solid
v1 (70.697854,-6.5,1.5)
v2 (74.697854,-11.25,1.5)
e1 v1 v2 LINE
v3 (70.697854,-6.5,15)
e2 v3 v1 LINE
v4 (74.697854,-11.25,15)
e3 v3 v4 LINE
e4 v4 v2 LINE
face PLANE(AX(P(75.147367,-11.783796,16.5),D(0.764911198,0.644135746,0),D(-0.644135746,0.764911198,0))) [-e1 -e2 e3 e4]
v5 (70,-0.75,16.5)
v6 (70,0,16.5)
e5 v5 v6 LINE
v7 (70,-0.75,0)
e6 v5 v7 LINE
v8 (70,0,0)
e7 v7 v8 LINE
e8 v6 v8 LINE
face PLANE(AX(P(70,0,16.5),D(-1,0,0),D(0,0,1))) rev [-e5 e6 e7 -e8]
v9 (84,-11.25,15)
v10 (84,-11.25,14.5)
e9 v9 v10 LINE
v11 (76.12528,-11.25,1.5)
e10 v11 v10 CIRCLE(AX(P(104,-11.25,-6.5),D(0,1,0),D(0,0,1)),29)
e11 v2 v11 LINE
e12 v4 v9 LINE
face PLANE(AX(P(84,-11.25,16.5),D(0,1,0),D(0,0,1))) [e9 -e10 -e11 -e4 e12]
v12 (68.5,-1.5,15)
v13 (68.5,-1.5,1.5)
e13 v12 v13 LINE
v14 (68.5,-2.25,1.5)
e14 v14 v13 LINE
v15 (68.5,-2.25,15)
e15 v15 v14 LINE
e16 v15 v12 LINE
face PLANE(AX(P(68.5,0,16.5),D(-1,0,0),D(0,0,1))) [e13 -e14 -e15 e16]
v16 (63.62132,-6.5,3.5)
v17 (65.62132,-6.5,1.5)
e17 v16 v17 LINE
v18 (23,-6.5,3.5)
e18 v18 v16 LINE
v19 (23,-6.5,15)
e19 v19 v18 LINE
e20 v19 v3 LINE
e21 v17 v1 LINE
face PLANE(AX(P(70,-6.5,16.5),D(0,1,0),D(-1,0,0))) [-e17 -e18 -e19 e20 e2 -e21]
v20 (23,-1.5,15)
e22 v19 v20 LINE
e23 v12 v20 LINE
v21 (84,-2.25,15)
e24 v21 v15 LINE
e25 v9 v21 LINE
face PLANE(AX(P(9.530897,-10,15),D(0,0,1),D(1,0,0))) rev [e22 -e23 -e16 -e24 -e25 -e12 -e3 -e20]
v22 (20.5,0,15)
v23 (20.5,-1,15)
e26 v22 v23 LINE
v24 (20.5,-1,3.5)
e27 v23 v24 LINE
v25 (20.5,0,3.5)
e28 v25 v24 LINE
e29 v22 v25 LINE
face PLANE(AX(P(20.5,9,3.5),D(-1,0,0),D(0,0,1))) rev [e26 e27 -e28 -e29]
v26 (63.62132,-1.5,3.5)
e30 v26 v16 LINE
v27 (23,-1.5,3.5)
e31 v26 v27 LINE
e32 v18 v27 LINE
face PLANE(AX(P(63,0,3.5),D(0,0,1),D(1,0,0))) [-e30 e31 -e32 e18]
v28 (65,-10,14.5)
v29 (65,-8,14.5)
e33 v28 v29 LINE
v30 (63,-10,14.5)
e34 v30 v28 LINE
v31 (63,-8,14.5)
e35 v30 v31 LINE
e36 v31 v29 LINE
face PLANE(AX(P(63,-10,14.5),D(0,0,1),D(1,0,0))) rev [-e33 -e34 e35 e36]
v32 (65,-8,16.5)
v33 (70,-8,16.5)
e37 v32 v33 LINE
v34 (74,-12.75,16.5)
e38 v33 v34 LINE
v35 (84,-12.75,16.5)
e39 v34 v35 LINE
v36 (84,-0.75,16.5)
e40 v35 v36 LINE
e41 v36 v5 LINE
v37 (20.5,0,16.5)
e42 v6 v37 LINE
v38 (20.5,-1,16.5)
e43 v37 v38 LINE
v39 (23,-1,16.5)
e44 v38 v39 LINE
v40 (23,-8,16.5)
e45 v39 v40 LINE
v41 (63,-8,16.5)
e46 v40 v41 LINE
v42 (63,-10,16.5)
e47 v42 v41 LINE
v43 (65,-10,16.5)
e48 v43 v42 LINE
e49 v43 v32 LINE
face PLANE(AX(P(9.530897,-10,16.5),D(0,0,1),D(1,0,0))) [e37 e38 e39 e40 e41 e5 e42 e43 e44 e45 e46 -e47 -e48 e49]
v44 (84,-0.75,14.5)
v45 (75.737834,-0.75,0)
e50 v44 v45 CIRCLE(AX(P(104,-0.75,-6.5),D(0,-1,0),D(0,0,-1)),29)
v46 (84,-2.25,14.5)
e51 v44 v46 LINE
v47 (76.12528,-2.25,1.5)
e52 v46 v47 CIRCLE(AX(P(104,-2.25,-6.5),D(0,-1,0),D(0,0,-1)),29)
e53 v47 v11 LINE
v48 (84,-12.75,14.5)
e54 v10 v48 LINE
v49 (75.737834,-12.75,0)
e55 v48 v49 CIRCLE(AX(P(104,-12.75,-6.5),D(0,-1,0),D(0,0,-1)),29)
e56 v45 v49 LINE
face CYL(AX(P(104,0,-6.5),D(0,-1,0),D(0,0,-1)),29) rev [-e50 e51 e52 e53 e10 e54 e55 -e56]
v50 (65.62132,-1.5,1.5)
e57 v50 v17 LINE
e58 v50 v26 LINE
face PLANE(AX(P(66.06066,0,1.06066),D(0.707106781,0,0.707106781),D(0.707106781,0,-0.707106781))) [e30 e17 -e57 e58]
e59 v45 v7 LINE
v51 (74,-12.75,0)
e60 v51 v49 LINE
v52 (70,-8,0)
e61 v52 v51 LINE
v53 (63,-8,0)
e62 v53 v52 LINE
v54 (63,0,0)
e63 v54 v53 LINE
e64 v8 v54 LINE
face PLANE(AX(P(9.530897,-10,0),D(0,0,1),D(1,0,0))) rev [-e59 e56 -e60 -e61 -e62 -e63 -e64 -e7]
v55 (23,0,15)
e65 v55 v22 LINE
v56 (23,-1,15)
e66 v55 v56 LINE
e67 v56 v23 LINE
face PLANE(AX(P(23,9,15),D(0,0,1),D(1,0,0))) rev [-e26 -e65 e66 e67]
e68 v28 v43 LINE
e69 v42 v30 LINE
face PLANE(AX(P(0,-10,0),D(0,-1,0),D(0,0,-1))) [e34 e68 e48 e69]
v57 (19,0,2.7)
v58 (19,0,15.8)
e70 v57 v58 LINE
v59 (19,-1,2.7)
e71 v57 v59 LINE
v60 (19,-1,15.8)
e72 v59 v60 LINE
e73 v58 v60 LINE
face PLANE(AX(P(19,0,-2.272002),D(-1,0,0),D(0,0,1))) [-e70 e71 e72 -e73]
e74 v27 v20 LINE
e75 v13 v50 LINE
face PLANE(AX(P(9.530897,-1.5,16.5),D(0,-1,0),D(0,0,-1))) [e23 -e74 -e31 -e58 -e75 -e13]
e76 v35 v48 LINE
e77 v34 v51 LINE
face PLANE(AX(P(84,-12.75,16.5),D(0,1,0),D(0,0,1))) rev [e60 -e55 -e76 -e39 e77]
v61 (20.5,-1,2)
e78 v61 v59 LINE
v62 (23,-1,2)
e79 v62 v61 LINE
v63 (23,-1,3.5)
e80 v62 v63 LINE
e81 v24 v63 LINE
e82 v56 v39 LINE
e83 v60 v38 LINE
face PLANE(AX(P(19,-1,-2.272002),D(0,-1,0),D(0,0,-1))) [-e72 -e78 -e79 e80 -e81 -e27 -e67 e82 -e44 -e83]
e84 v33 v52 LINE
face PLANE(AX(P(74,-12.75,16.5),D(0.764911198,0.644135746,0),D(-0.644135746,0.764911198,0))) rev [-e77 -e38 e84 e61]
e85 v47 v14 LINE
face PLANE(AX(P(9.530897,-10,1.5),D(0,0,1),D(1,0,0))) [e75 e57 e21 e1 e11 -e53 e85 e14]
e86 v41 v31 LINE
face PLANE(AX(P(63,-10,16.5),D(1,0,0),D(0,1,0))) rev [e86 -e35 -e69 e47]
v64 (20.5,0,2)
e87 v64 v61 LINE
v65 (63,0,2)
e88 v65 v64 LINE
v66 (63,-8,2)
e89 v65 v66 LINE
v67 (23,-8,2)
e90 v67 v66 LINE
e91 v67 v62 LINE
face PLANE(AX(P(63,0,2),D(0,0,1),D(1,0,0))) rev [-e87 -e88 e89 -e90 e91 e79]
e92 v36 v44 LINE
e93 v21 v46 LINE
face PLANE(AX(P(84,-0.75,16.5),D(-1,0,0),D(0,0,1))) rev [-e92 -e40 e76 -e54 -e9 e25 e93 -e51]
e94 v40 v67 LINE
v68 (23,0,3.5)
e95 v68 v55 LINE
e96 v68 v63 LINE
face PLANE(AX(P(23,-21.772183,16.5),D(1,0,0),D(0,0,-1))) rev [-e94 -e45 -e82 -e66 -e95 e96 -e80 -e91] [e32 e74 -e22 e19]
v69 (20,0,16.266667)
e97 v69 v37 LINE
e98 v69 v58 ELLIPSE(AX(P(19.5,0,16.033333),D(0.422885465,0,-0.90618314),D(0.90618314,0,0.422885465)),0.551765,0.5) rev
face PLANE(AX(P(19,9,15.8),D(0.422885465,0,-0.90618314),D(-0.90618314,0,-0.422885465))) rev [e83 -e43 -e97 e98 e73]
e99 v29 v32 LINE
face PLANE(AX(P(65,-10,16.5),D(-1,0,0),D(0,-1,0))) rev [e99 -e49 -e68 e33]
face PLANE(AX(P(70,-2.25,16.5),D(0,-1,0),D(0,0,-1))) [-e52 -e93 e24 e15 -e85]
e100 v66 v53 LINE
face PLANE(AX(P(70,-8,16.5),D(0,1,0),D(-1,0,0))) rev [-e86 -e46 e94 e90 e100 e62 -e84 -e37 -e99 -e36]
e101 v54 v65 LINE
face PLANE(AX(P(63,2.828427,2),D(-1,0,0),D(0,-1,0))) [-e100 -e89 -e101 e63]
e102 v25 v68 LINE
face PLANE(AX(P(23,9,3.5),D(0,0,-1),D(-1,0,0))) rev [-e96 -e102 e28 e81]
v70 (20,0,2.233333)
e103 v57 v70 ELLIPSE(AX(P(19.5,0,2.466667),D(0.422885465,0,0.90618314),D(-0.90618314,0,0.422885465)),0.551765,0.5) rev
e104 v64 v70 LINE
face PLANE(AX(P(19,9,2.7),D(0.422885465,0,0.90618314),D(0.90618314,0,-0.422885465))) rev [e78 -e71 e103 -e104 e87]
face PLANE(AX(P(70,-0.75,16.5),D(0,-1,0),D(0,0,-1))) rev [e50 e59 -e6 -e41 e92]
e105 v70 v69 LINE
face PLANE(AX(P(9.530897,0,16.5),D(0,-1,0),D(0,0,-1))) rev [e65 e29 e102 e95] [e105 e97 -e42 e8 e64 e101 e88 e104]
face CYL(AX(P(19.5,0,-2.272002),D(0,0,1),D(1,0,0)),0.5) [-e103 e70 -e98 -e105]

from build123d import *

# Parameters (mm, degrees)
RESSALTO_EXTRUS_O1_DEPTH   = 16.5
CORTE_EXTRUS_O3_DEPTH      = 1
CORTE_EXTRUS_O3_DEPTH_BACK = 13.75
CASCA1_T                   = -1.5
CORTE_EXTRUS_O2_DEPTH      = 13.75
ESBO_O6_W                  = 60.936281692
ESBO_O6_H                  = 31.71485299
CORTE_EXTRUS_O4_DEPTH      = 3
CORTE_EXTRUS_O4_DEPTH_BACK = 15.5
RESSALTO_EXTRUS_O2_DEPTH   = 14.5
ESBO_O8_W                  = 2.5
ESBO_O8_H                  = 11.5
CORTE_EXTRUS_O5_DEPTH      = 10
ESBO_O9_W                  = 2
ESBO_O9_H                  = 2
RESSALTO_EXTRUS_O3_DEPTH   = 2
ESBO_O10_W                 = 2
ESBO_O10_H                 = 2
RESSALTO_EXTRUS_O4_DEPTH   = 8


with BuildPart() as part:
    # Esboço1 → Ressalto-extrusão1 (new body)
    with BuildSketch(Plane.XY):
        with BuildLine():
            Line((9.53089658, 0), (70, 0))
            Line((70, 0), (70, -0.75))
            Line((70, -0.75), (84, -0.75))
            Line((84, -0.75), (84, -12.75))
            Line((84, -12.75), (74, -12.75))
            Line((74, -12.75), (70, -8))
            Line((70, -8), (6.002125959, -8))
            Line((6.002125959, -8), (5.638155725, -9))
            Line((5.638155725, -9), (0, -6.94787914))
            Line((0, -6.94787914), (0.133970372, -6.579798567))
            ThreePointArc((0.133970372, -6.579798567), (3.795132217, -1.808479557), (9.53089658, 0))
        make_face()
    extrude(amount=RESSALTO_EXTRUS_O1_DEPTH)

    # Esboço5 → Corte-extrusão3 (cut, two sides)
    with BuildSketch(Plane.XZ.offset(12.75)) as corte_extrus_o3_sk:
        Polygon((0, 0), (65, 0), (63, 2), (0, 2), align=None)
    extrude(amount=CORTE_EXTRUS_O3_DEPTH, mode=Mode.SUBTRACT)
    extrude(corte_extrus_o3_sk.sketch, amount=-CORTE_EXTRUS_O3_DEPTH_BACK, mode=Mode.SUBTRACT)

    # Casca1
    casca1_openings = [part.faces().sort_by_distance(p)[0] for p in [
        (84, -6.75, 8.25),
        (2.819077862, -7.97393957, 9.25),
    ]]
    offset(amount=CASCA1_T, openings=casca1_openings, kind=Kind.INTERSECTION)

    # Esboço4 → Corte-extrusão2 (cut, through all)
    with BuildSketch(Plane.XZ.offset(12.75)):
        with BuildLine():
            Line((75.737834478, 0), (84, 0))
            Line((84, 0), (84, 14.5))
            ThreePointArc((84, 14.5), (78.803340396, 7.8571705), (75.737834478, 0))
        make_face()
    extrude(amount=-CORTE_EXTRUS_O2_DEPTH, mode=Mode.SUBTRACT)

    # Esboço6 → Corte-extrusão4 (cut, two sides)
    with BuildSketch(Plane(origin=(0, 0, 2), x_dir=(-1, 0, 0), z_dir=(0, 0, -1))) as corte_extrus_o4_sk:
        with Locations((7.468140846, -5.914756455)):
            Rectangle(ESBO_O6_W, ESBO_O6_H)
    extrude(amount=CORTE_EXTRUS_O4_DEPTH, mode=Mode.SUBTRACT)
    extrude(corte_extrus_o4_sk.sketch, amount=-CORTE_EXTRUS_O4_DEPTH_BACK, mode=Mode.SUBTRACT)

    # Esboço7 → Ressalto-extrusão2 (add)
    with BuildSketch(Plane.XY.offset(16.5)):
        with BuildLine():
            Line((23, 0), (20, 0))
            ThreePointArc((20, 0), (19.5, 0.5), (19, 0))
            Line((19, 0), (19, -1))
            Line((19, -1), (23, -1))
            Line((23, -1), (23, 0))
        make_face()
    extrude(amount=-RESSALTO_EXTRUS_O2_DEPTH)

    # Esboço8 → Corte-extrusão5 (cut)
    with BuildSketch(Plane.XZ.offset(1)):
        with Locations((21.75, 9.25)):
            Rectangle(ESBO_O8_W, ESBO_O8_H)
        Polygon((20.5, 16.5), (19, 16.5), (19, 15.8), align=None)
        Polygon((19, 2.7), (20.5, 2), (19, 2), align=None)
    extrude(amount=-CORTE_EXTRUS_O5_DEPTH, mode=Mode.SUBTRACT)

    # Esboço9 → Ressalto-extrusão3 (add)
    with BuildSketch(Plane.XZ.offset(8)):
        with Locations((64, 15.5)):
            Rectangle(ESBO_O9_W, ESBO_O9_H)
    extrude(amount=RESSALTO_EXTRUS_O3_DEPTH)

    # Esboço10 → Ressalto-extrusão4 (add)
    with BuildSketch(Plane.XZ.offset(8)):
        with Locations((64, 1)):
            Rectangle(ESBO_O10_W, ESBO_O10_H)
    extrude(amount=-RESSALTO_EXTRUS_O4_DEPTH)


solid = part.part
